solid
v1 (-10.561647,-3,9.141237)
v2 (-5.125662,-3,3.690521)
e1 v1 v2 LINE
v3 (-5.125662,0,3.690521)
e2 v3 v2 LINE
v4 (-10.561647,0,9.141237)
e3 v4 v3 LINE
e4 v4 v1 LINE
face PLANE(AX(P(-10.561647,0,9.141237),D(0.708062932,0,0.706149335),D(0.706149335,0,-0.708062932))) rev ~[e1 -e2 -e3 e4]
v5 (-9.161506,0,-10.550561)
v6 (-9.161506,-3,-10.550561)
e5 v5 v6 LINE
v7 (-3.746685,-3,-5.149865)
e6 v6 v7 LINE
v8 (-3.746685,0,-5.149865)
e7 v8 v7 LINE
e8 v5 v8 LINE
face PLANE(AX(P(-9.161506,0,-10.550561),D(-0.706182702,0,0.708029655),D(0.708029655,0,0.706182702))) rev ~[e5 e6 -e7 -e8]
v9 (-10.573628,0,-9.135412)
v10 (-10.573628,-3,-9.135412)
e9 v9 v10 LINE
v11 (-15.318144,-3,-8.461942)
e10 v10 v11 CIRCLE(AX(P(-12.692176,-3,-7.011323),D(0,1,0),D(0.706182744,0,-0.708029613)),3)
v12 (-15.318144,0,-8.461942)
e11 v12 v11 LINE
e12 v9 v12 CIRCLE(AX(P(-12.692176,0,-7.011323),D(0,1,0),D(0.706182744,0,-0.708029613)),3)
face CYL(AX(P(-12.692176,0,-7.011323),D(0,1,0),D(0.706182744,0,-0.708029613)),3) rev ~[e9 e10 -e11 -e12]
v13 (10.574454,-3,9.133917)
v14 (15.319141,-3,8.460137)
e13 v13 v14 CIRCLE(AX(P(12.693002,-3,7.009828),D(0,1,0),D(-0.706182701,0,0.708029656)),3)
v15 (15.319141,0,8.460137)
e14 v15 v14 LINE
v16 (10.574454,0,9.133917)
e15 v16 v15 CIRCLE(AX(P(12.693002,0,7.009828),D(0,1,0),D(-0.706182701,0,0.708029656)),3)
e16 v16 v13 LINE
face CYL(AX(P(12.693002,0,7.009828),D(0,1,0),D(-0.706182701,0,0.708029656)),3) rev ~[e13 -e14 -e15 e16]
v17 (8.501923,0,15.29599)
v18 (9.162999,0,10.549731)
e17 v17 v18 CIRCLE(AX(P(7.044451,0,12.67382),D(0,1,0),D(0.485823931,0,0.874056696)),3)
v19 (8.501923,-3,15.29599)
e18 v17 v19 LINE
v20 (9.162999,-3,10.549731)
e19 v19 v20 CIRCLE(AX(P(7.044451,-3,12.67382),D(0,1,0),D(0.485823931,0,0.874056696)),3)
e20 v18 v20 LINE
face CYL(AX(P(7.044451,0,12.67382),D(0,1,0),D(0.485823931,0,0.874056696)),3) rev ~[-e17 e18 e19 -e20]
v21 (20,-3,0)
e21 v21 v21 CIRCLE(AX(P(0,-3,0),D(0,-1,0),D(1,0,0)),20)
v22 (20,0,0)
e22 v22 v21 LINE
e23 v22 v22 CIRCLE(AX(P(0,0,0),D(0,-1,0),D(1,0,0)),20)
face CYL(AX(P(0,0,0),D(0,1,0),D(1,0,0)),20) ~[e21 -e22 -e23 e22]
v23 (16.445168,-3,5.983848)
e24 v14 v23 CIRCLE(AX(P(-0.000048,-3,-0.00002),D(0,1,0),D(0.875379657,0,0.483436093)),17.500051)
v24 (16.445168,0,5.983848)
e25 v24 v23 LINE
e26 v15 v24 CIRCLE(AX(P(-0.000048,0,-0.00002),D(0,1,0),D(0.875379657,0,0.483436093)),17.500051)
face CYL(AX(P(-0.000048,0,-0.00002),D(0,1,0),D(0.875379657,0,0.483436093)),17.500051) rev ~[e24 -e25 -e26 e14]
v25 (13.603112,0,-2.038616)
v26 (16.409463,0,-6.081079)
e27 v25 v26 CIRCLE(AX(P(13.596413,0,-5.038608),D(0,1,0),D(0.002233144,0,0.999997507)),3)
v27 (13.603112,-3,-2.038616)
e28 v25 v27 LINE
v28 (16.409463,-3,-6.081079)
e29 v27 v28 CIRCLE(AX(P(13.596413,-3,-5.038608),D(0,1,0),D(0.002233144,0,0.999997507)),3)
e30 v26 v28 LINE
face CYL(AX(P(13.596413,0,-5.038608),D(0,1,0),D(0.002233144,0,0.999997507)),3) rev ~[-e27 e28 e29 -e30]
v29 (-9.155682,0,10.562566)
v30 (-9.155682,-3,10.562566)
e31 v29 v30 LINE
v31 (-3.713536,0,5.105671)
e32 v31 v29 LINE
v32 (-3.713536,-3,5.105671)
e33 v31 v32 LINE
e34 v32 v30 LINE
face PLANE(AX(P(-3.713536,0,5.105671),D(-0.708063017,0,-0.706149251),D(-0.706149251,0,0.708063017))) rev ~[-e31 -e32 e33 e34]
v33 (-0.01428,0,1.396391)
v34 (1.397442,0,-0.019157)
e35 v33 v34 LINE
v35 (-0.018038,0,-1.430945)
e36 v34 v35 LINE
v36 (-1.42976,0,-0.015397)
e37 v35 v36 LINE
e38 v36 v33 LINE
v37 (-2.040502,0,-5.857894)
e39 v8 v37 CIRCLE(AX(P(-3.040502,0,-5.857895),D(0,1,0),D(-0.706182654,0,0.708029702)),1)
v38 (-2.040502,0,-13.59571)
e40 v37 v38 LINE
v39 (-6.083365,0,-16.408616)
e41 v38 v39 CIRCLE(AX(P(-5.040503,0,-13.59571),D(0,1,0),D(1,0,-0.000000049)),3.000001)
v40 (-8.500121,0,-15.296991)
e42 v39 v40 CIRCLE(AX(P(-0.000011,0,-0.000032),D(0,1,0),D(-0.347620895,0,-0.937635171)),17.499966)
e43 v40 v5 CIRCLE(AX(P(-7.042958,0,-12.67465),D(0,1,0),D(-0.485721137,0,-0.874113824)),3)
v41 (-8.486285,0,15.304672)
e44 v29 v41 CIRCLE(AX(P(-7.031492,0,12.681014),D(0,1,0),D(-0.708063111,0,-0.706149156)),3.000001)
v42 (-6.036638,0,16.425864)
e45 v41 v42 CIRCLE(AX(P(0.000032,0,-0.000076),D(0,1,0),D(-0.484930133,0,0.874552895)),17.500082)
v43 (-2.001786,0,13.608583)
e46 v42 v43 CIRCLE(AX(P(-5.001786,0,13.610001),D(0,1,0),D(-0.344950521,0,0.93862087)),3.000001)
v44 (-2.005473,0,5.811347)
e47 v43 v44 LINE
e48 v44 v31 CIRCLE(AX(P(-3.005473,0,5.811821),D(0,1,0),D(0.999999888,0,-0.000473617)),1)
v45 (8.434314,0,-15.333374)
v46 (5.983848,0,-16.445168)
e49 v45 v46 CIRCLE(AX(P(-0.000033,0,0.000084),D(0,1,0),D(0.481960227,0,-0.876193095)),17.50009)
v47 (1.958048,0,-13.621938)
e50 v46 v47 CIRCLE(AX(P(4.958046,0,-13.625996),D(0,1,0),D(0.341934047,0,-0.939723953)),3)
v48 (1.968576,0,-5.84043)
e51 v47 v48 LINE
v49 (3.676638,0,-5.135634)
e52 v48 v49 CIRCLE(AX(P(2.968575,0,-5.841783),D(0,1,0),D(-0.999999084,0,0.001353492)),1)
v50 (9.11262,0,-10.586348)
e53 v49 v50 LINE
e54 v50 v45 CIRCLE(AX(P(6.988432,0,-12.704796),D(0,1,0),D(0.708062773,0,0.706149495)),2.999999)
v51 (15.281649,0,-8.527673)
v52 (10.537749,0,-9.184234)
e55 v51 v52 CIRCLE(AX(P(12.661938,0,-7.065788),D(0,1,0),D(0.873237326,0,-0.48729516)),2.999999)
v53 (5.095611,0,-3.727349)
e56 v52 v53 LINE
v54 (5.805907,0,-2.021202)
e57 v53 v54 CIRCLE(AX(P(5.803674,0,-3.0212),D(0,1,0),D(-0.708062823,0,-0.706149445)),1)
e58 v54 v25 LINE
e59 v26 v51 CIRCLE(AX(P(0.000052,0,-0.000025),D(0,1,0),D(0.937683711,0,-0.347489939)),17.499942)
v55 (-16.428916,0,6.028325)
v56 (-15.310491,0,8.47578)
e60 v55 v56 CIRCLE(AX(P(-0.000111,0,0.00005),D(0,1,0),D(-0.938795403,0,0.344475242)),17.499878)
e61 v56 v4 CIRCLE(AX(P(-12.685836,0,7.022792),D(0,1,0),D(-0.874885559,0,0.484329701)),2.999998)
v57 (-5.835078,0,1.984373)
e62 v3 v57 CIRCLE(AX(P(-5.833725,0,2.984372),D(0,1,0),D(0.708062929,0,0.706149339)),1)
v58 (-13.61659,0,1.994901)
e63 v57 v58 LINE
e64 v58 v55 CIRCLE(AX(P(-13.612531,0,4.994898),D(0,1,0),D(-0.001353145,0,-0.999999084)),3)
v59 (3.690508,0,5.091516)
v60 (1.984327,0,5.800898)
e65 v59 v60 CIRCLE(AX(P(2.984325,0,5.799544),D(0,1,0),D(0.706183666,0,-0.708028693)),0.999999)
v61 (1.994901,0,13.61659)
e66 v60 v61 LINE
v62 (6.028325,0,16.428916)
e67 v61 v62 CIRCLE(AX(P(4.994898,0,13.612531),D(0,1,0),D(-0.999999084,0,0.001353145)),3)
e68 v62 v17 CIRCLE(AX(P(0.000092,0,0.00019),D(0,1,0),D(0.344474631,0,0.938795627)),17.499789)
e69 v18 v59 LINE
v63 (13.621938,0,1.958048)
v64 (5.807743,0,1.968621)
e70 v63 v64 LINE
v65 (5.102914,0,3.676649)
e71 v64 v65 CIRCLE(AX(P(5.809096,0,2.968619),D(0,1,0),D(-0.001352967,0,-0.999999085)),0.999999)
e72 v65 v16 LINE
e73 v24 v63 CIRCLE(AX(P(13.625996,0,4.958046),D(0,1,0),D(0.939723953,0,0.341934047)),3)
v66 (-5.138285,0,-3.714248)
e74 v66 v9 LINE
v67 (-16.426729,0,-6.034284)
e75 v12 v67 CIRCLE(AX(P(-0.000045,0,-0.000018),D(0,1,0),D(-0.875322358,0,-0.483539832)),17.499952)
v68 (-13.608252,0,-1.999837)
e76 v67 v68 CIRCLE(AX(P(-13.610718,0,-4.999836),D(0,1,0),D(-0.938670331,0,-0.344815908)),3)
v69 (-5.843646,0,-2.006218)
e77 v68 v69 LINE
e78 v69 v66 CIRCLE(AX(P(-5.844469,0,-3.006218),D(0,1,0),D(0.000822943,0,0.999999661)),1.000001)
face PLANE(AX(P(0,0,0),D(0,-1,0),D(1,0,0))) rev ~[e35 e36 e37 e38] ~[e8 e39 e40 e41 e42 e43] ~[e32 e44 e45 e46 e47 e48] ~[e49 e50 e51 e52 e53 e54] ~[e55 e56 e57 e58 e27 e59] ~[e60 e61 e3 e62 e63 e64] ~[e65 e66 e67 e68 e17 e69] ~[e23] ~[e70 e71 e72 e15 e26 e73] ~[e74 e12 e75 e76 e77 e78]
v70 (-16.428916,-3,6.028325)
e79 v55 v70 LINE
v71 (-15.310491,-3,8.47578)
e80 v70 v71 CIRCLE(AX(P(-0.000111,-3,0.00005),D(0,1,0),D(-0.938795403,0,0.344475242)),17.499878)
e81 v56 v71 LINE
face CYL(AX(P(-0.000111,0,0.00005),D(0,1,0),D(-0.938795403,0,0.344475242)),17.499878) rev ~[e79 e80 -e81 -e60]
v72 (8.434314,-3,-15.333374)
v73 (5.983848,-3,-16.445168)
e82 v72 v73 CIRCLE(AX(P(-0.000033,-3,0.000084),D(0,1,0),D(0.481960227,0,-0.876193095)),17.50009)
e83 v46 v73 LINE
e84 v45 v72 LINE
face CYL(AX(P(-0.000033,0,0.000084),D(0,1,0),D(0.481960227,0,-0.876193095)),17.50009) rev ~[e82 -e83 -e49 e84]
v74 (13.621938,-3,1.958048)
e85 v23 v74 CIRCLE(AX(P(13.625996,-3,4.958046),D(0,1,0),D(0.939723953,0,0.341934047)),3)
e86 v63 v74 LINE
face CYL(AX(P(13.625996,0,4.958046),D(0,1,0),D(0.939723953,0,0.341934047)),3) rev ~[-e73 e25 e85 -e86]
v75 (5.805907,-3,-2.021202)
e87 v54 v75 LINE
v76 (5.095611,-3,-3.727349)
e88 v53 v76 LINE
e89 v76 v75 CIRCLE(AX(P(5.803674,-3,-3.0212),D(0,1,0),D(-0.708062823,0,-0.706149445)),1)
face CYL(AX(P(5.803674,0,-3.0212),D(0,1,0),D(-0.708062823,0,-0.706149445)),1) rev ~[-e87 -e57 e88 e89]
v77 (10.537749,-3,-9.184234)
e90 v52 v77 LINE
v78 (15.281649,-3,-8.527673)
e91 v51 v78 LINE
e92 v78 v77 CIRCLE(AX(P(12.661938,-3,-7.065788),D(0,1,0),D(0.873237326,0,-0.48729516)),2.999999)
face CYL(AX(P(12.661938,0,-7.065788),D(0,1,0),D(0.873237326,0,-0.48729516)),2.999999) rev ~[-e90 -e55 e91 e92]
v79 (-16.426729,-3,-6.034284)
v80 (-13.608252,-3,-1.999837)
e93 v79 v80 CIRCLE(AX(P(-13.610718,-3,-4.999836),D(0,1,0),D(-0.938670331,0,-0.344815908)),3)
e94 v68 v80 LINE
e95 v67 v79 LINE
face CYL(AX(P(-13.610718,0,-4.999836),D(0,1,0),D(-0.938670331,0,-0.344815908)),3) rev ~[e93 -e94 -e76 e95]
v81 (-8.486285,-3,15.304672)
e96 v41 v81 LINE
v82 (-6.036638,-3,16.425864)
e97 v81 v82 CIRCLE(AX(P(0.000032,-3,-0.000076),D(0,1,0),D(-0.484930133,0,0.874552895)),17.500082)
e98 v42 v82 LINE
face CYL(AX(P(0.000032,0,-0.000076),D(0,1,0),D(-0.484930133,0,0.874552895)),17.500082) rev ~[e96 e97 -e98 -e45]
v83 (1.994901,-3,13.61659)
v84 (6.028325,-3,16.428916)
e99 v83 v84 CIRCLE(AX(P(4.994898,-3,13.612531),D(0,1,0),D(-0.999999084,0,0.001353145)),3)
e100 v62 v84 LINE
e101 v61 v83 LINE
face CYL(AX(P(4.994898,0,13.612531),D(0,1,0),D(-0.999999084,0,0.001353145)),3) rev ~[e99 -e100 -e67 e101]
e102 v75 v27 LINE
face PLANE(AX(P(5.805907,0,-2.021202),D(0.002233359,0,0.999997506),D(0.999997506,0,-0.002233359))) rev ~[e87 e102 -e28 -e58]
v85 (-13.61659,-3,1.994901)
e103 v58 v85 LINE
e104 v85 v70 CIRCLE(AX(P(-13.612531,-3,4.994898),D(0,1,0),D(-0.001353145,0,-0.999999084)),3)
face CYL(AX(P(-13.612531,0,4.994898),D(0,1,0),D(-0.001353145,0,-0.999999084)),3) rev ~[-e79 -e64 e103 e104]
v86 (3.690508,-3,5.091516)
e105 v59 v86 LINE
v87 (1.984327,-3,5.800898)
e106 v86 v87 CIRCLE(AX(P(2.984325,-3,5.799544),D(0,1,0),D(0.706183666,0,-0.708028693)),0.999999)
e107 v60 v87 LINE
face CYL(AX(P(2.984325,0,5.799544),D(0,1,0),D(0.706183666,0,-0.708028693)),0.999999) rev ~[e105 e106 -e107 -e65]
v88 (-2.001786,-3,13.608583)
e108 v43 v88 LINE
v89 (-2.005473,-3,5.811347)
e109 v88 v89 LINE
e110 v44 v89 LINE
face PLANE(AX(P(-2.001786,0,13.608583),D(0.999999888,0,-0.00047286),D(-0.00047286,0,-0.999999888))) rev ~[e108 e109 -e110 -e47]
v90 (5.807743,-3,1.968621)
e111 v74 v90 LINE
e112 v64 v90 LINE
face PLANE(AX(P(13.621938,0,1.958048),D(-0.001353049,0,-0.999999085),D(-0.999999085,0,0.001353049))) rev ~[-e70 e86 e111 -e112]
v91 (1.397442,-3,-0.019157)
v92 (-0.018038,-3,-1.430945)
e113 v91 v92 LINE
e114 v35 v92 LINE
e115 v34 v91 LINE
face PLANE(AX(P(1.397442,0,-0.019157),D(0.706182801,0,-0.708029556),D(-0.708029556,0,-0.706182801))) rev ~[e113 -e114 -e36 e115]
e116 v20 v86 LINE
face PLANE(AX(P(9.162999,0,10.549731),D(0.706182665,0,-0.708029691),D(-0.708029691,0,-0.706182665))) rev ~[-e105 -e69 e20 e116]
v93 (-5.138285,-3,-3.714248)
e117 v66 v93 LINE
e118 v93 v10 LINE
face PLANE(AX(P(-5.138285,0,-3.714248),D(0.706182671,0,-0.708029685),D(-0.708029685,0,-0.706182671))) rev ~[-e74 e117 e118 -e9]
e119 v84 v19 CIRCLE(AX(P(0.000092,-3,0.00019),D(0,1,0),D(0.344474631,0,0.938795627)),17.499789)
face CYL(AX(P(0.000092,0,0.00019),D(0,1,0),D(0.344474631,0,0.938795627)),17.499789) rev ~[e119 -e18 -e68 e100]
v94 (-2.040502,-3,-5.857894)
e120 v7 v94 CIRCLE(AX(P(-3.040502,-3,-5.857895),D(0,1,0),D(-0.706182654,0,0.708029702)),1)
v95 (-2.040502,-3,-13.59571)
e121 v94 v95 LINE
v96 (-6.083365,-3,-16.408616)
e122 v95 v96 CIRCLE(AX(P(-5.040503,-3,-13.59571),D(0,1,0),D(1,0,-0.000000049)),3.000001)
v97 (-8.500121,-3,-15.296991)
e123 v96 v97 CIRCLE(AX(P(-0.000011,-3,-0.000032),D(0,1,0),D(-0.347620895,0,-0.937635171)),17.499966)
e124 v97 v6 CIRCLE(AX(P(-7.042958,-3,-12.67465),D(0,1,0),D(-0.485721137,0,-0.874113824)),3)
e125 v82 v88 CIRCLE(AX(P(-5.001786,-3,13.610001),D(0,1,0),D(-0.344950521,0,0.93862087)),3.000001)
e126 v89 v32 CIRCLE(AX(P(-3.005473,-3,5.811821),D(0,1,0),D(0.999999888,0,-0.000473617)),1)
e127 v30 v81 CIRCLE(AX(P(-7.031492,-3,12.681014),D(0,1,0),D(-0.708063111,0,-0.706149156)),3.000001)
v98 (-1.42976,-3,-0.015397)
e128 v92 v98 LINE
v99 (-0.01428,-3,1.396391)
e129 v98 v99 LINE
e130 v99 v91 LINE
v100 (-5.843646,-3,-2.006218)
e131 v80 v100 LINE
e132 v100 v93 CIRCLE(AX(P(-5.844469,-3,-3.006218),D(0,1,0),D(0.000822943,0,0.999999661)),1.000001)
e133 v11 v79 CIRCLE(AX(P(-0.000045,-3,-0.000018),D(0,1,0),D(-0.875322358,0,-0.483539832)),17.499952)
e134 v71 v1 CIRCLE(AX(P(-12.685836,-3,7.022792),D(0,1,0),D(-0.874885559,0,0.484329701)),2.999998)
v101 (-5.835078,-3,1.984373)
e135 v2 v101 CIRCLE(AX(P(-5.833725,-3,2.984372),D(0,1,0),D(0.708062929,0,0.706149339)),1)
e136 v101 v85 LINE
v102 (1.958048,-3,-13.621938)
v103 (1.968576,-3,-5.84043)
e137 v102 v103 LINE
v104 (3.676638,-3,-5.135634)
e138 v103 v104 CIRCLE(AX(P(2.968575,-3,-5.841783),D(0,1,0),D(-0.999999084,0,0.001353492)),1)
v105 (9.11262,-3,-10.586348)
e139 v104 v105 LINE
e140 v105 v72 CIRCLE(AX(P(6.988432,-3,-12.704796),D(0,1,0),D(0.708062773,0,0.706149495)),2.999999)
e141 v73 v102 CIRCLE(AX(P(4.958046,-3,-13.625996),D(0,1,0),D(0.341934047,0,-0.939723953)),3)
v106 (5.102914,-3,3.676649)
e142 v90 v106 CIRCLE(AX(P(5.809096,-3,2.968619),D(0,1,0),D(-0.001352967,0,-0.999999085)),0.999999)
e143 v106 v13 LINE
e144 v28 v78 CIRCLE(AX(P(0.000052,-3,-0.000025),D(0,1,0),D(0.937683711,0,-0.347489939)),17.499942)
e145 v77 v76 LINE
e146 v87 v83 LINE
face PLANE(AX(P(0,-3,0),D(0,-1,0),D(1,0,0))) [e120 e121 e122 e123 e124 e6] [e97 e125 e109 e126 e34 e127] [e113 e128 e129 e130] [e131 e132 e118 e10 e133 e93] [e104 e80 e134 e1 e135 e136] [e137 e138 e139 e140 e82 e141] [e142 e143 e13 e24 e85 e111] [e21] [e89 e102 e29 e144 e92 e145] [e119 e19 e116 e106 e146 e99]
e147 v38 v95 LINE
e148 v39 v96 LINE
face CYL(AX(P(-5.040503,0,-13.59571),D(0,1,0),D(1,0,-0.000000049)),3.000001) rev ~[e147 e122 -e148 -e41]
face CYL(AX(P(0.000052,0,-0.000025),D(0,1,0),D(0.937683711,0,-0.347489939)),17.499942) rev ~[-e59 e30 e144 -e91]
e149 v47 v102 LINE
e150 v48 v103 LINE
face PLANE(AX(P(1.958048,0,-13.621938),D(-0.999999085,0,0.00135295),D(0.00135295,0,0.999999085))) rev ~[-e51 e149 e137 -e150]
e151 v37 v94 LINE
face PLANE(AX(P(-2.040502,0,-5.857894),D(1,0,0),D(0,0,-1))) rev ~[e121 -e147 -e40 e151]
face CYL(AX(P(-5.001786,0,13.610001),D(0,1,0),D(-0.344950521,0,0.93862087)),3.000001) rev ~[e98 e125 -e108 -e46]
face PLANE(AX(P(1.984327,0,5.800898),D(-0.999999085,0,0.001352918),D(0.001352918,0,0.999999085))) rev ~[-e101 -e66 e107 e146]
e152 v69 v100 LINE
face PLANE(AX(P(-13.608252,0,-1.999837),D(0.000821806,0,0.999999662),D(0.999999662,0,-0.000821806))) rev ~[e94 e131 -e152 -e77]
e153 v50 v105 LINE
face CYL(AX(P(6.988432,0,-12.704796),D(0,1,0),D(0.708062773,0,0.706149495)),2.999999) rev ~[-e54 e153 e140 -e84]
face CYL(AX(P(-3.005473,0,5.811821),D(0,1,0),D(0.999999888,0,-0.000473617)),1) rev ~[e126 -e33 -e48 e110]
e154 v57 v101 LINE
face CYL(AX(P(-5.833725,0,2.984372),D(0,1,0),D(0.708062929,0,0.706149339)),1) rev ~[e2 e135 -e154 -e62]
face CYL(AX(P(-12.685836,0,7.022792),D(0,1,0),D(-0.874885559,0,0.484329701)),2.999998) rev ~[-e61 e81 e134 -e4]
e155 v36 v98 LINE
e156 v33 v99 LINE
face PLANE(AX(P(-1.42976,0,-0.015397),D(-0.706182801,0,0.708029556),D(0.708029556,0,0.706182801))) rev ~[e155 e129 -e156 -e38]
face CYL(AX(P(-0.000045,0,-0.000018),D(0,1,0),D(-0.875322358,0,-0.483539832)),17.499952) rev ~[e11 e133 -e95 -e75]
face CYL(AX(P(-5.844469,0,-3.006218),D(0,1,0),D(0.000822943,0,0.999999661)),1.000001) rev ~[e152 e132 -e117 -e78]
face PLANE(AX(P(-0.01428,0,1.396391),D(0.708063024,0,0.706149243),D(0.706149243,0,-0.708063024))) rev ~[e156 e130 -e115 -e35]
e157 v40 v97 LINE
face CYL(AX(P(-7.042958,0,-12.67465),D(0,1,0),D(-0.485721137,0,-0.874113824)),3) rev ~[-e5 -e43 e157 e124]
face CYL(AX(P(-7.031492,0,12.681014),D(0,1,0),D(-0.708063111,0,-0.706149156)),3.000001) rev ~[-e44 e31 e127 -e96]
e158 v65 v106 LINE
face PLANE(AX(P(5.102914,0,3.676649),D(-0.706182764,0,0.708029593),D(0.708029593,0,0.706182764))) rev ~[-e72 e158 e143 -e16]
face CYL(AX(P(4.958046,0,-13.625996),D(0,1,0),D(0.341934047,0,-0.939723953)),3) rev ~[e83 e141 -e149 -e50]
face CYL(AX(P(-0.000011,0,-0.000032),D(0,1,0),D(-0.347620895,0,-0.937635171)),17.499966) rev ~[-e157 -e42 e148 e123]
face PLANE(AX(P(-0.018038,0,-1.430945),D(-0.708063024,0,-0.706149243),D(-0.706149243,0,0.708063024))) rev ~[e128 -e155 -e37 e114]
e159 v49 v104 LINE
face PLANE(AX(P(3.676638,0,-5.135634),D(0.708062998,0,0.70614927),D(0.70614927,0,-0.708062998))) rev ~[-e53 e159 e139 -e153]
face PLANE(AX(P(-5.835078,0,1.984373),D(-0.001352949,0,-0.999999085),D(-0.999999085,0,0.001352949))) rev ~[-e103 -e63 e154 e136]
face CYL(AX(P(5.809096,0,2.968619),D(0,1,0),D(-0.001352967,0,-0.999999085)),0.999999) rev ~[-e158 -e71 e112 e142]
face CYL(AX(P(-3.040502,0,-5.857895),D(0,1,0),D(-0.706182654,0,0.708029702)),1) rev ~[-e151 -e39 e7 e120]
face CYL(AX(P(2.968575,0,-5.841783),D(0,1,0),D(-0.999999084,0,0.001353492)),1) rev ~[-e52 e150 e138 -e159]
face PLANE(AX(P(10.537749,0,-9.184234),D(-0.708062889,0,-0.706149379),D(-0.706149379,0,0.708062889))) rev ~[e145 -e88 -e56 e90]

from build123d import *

# Parameters (mm, degrees)
F0_R     = 20
F1_DEPTH = 3


with BuildPart() as f1:
    # F0 (on Front) → F1 (new body)
    with BuildSketch(Plane.XZ):
        Circle(F0_R)
        with BuildLine():
            Line((-2.040502, -5.857894), (-2.040502, -13.59571))
            ThreePointArc((-2.040502, -13.59571), (-3.327112, -16.058289), (-6.083365, -16.408616))
            ThreePointArc((-6.083365, -16.408616), (-7.312896, -15.898791), (-8.500121, -15.296991))
            ThreePointArc((-8.500121, -15.296991), (-10.01425, -13.08868), (-9.161506, -10.550561))
            Line((-9.161506, -10.550561), (-3.746685, -5.149865))
            ThreePointArc((-3.746685, -5.149865), (-2.657216, -4.934265), (-2.040502, -5.857894))
        make_face(mode=Mode.SUBTRACT)
        with BuildLine():
            ThreePointArc((-15.318144, -8.461942), (-15.918782, -7.269277), (-16.426729, -6.034284))
            ThreePointArc((-16.426729, -6.034284), (-16.070027, -3.281756), (-13.608252, -1.999837))
            Line((-13.608252, -1.999837), (-5.843646, -2.006218))
            ThreePointArc((-5.843646, -2.006218), (-4.920182, -2.624518), (-5.138285, -3.714248))
            Line((-5.138285, -3.714248), (-10.573628, -9.135412))
            ThreePointArc((-10.573628, -9.135412), (-13.113791, -9.981549), (-15.318144, -8.461942))
        make_face(mode=Mode.SUBTRACT)
        Polygon((-1.42976, -0.015397), (-0.01428, 1.396391), (1.397442, -0.019157), (-0.018038, -1.430945), align=None, mode=Mode.SUBTRACT)
        with BuildLine():
            Line((1.958048, -13.621938), (1.968576, -5.84043))
            ThreePointArc((1.968576, -5.84043), (2.587142, -4.917387), (3.676638, -5.135634))
            Line((3.676638, -5.135634), (9.11262, -10.586348))
            ThreePointArc((9.11262, -10.586348), (9.958266, -13.129158), (8.434314, -15.333374))
            ThreePointArc((8.434314, -15.333374), (7.230482, -15.93644), (5.983848, -16.445168))
            ThreePointArc((5.983848, -16.445168), (3.235542, -16.082209), (1.958048, -13.621938))
        make_face(mode=Mode.SUBTRACT)
        with BuildLine():
            ThreePointArc((5.095611, -3.727349), (4.880482, -2.63686), (5.805907, -2.021202))
            Line((5.805907, -2.021202), (13.603112, -2.038616))
            ThreePointArc((13.603112, -2.038616), (16.060784, -3.327798), (16.409463, -6.081079))
            ThreePointArc((16.409463, -6.081079), (15.892706, -7.326111), (15.281649, -8.527673))
            ThreePointArc((15.281649, -8.527673), (13.07322, -10.037461), (10.537749, -9.184234))
            Line((10.537749, -9.184234), (5.095611, -3.727349))
        make_face(mode=Mode.SUBTRACT)
        with BuildLine():
            ThreePointArc((-5.125662, 3.690521), (-4.910364, 2.600439), (-5.835078, 1.984373))
            Line((-5.835078, 1.984373), (-13.61659, 1.994901))
            ThreePointArc((-13.61659, 1.994901), (-16.073395, 3.279047), (-16.428916, 6.028325))
            ThreePointArc((-16.428916, 6.028325), (-15.916815, 7.273582), (-15.310491, 8.47578))
            ThreePointArc((-15.310491, 8.47578), (-13.102159, 9.993762), (-10.561647, 9.141237))
            Line((-10.561647, 9.141237), (-5.125662, 3.690521))
        make_face(mode=Mode.SUBTRACT)
        with BuildLine():
            Line((-2.001786, 13.608583), (-2.005473, 5.811347))
            ThreePointArc((-2.005473, 5.811347), (-2.623633, 4.887592), (-3.713536, 5.105671))
            Line((-3.713536, 5.105671), (-9.155682, 10.562566))
            ThreePointArc((-9.155682, 10.562566), (-10.002043, 13.100337), (-8.486285, 15.304672))
            ThreePointArc((-8.486285, 15.304672), (-7.283068, 15.912477), (-6.036638, 16.425864))
            ThreePointArc((-6.036638, 16.425864), (-3.284311, 16.069733), (-2.001786, 13.608583))
        make_face(mode=Mode.SUBTRACT)
        with BuildLine():
            ThreePointArc((16.445168, 5.983848), (16.082209, 3.235542), (13.621938, 1.958048))
            Line((13.621938, 1.958048), (5.807743, 1.968621))
            ThreePointArc((5.807743, 1.968621), (4.884709, 2.587165), (5.102914, 3.676649))
            Line((5.102914, 3.676649), (10.574454, 9.133917))
            ThreePointArc((10.574454, 9.133917), (13.114792, 9.980029), (15.319141, 8.460137))
            ThreePointArc((15.319141, 8.460137), (15.930343, 7.243905), (16.445168, 5.983848))
        make_face(mode=Mode.SUBTRACT)
        with BuildLine():
            Line((1.984327, 5.800898), (1.994901, 13.61659))
            ThreePointArc((1.994901, 13.61659), (3.279047, 16.073395), (6.028325, 16.428916))
            ThreePointArc((6.028325, 16.428916), (7.287175, 15.910597), (8.501923, 15.29599))
            ThreePointArc((8.501923, 15.29599), (10.015768, 13.087675), (9.162999, 10.549731))
            Line((9.162999, 10.549731), (3.690508, 5.091516))
            ThreePointArc((3.690508, 5.091516), (2.600414, 4.876175), (1.984327, 5.800898))
        make_face(mode=Mode.SUBTRACT)
    extrude(amount=F1_DEPTH)


solid = f1.part
